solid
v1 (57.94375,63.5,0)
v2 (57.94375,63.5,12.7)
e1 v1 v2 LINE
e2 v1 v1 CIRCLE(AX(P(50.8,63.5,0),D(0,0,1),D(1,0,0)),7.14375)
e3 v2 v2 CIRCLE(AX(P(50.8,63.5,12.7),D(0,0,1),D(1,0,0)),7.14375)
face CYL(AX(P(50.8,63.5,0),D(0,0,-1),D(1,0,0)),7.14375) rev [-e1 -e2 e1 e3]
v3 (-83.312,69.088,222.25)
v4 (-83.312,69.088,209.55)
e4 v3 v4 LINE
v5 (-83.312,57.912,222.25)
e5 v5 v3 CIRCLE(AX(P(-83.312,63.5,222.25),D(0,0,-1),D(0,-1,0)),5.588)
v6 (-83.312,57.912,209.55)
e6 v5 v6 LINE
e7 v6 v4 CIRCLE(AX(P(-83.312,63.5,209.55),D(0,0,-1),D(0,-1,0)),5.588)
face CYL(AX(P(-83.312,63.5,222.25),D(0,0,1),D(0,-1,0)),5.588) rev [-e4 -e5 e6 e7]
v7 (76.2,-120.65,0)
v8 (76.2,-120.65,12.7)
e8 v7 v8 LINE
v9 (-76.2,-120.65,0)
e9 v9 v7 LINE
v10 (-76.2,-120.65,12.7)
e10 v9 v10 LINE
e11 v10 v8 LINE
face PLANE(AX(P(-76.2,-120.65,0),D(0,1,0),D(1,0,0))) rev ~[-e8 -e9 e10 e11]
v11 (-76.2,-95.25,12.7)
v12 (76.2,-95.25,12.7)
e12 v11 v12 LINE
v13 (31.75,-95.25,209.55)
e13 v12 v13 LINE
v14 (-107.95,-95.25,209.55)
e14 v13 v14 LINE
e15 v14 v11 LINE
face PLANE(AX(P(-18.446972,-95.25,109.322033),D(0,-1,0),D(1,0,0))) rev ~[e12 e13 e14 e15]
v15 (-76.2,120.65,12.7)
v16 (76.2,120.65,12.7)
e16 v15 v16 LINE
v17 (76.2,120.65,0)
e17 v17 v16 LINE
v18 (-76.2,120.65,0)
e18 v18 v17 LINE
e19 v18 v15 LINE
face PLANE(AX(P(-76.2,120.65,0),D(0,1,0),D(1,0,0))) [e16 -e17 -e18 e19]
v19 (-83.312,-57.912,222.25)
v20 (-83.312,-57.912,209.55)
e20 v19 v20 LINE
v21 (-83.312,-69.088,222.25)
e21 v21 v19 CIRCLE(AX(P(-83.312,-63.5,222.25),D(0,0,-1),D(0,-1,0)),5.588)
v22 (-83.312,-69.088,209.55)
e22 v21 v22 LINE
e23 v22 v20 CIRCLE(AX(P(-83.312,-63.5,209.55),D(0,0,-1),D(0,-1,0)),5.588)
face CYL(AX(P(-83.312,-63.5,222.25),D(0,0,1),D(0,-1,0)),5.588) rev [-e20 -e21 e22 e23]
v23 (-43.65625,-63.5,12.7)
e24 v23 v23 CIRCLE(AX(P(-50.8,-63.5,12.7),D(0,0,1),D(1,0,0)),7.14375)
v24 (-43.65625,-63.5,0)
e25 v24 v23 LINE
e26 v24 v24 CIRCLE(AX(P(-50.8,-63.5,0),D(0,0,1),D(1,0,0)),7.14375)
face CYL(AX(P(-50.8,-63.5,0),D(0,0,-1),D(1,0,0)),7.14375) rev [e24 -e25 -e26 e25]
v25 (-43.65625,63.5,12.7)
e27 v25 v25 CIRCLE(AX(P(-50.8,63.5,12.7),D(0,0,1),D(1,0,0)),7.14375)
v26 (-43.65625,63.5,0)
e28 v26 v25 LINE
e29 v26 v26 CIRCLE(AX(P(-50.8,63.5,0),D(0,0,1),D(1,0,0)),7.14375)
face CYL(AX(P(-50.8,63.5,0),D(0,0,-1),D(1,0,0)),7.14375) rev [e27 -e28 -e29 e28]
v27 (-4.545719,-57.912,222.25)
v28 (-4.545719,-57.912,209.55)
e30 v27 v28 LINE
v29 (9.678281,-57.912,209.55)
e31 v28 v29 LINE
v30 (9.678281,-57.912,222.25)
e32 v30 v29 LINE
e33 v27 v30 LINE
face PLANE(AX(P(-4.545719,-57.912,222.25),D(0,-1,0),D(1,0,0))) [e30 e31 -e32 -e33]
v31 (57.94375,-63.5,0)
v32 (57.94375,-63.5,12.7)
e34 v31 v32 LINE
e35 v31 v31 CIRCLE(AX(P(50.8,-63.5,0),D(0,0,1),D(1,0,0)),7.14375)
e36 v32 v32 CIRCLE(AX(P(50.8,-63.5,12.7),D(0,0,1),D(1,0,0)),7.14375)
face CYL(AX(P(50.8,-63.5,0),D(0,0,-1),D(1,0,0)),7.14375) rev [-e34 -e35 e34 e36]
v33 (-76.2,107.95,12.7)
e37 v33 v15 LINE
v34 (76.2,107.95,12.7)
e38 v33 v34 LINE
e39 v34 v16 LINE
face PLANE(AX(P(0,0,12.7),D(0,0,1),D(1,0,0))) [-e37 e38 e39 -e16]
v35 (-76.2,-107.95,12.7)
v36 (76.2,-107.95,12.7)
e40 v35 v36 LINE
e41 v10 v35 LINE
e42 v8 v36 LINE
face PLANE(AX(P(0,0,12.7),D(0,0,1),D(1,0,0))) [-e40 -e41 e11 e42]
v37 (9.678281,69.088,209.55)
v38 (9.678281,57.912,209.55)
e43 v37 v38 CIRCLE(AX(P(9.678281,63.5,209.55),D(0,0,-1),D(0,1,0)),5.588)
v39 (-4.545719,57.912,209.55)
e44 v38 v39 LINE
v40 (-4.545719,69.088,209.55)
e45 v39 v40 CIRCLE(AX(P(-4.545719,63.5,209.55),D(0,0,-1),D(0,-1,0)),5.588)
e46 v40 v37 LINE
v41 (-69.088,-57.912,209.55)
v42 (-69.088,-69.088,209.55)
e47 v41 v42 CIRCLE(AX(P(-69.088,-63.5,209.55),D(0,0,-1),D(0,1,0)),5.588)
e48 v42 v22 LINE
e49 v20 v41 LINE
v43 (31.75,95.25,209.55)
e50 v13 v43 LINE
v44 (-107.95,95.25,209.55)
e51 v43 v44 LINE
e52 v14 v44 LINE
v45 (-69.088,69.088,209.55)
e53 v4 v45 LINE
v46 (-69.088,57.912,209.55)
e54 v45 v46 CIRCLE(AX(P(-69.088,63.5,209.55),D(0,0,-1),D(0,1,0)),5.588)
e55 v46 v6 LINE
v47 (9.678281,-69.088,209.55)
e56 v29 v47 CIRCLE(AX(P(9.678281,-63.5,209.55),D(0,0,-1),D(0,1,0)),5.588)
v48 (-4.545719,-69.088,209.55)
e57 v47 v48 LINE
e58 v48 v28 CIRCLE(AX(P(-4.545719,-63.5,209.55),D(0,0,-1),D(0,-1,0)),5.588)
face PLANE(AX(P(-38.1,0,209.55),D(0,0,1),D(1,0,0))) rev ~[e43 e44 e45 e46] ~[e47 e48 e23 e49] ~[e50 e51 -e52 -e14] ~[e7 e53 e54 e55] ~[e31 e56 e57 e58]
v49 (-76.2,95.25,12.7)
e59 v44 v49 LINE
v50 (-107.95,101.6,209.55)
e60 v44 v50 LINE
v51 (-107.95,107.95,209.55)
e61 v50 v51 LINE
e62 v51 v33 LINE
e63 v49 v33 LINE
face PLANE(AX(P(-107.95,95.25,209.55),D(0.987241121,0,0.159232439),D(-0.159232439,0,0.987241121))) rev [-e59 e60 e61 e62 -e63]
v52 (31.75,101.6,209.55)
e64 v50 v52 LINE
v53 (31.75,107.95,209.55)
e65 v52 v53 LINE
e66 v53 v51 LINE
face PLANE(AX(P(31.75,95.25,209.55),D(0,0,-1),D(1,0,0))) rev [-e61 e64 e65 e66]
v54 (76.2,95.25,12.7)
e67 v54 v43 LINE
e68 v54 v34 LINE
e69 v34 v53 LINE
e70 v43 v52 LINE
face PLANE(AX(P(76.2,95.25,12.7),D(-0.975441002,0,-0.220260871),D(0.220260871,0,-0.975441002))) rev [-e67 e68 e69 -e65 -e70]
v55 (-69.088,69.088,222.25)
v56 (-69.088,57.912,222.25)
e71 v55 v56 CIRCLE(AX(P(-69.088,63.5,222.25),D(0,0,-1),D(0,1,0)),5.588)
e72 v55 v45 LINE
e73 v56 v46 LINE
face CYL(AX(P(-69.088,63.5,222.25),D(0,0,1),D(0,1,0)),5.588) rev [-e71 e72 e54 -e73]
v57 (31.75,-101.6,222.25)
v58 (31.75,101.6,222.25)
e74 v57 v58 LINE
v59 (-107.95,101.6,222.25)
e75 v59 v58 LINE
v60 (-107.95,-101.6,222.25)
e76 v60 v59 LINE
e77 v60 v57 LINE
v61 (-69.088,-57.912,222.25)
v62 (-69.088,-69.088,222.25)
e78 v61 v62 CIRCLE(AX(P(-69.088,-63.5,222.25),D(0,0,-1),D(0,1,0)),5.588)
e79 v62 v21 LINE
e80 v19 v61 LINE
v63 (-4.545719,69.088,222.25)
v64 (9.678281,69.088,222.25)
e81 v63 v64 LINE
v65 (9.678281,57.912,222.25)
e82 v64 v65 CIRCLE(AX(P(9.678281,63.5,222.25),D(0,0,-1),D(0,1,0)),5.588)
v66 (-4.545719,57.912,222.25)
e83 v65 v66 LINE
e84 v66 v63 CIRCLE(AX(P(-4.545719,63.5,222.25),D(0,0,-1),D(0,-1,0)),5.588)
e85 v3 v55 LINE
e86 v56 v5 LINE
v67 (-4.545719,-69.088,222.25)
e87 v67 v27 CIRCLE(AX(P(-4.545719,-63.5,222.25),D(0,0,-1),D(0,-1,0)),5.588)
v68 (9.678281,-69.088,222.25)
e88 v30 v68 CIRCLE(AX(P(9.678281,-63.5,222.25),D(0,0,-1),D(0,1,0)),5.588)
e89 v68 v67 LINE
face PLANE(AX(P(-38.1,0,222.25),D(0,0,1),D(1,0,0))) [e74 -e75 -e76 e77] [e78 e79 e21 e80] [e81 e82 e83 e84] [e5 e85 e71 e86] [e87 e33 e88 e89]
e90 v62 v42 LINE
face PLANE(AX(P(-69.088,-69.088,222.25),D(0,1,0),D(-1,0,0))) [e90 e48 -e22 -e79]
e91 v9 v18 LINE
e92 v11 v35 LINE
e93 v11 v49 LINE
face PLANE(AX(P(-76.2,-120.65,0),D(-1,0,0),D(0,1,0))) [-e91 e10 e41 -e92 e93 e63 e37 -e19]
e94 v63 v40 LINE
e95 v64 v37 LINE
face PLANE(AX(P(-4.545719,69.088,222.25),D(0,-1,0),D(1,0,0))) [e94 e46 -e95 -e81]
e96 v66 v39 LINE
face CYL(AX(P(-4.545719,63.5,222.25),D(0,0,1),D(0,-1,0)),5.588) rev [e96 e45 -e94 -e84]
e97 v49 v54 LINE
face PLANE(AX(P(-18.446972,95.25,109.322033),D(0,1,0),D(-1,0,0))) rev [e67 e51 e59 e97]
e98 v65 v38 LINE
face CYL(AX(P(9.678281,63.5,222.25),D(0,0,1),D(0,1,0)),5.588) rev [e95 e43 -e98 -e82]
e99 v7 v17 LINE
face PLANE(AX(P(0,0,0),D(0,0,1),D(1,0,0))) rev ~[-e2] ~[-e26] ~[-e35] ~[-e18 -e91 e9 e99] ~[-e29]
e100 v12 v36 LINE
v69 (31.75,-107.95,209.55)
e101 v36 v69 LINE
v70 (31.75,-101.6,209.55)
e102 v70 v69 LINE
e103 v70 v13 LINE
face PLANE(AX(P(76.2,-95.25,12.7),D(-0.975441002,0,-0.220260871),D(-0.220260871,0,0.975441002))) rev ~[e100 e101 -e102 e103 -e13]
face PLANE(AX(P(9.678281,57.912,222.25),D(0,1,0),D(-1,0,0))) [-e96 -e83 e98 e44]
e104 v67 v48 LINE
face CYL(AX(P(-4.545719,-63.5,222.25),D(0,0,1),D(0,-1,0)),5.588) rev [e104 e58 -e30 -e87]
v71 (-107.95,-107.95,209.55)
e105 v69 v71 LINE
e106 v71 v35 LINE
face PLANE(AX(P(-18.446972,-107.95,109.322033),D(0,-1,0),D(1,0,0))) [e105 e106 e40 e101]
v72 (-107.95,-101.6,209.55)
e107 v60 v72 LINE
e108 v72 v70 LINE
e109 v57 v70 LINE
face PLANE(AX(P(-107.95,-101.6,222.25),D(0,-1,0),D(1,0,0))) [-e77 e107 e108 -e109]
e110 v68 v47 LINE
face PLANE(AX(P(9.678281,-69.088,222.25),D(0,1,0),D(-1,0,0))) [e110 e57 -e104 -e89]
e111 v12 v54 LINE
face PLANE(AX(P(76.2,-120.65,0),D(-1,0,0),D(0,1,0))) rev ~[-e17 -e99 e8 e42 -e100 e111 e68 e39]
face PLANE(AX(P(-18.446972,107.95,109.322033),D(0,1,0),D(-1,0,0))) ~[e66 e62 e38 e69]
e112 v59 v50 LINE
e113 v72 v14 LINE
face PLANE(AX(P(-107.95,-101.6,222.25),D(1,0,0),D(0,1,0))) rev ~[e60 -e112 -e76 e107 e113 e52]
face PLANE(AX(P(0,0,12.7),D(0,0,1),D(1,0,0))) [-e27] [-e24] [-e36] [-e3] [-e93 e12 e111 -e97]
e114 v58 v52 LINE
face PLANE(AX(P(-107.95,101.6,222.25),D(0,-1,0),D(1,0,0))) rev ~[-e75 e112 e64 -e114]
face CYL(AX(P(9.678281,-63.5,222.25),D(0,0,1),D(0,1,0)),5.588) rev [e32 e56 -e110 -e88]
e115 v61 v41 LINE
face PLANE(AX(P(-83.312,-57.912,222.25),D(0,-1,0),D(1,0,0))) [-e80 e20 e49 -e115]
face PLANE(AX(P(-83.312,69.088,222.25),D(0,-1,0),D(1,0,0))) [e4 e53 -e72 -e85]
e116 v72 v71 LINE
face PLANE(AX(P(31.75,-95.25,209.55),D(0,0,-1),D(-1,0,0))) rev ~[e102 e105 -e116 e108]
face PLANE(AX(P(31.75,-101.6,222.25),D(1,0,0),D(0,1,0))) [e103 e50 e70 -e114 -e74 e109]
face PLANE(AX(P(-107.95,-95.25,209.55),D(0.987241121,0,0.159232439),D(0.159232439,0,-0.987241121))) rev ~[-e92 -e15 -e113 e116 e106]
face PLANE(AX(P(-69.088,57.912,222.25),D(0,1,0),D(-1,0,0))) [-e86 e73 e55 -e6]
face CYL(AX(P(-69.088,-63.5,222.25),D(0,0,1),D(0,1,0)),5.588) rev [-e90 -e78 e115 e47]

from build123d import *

# Parameters (mm, degrees)
F0_W     = 152.4
F0_H     = 241.3
F0_R     = 7.14375
F1_DEPTH = 12.7
F3_W     = 139.7
F3_H     = 203.2
F4_DEPTH = 12.7
F7_DEPTH = 12.7


with BuildPart() as f1:
    # F0 (on Top) → F1 (new body)
    with BuildSketch(Plane.XY):
        Rectangle(F0_W, F0_H)
        with Locations((-50.8, -63.5)):
            Circle(F0_R, mode=Mode.SUBTRACT)
        with Locations((50.8, -63.5)):
            Circle(F0_R, mode=Mode.SUBTRACT)
        with Locations((-50.8, 63.5)):
            Circle(F0_R, mode=Mode.SUBTRACT)
        with Locations((50.8, 63.5)):
            Circle(F0_R, mode=Mode.SUBTRACT)
    extrude(amount=F1_DEPTH)



with BuildPart() as f4:
    # F3 (on offset) → F4 (new body)
    with BuildSketch(Plane.XY.offset(222.25)):
        with Locations((-38.1, 0)):
            Rectangle(F3_W, F3_H)
        with BuildLine():
            ThreePointArc((-83.312, -69.088), (-88.9, -63.5), (-83.312, -57.912))
            Line((-83.312, -57.912), (-69.088, -57.912))
            ThreePointArc((-69.088, -57.912), (-63.5, -63.5), (-69.088, -69.088))
            Line((-69.088, -69.088), (-83.312, -69.088))
        make_face(mode=Mode.SUBTRACT)
        with BuildLine():
            ThreePointArc((-4.5457187648, -69.088), (-10.1337187648, -63.5), (-4.5457187648, -57.912))
            Line((-4.5457187648, -57.912), (9.6782812352, -57.912))
            ThreePointArc((9.6782812352, -57.912), (15.2662812352, -63.5), (9.6782812352, -69.088))
            Line((9.6782812352, -69.088), (-4.5457187648, -69.088))
        make_face(mode=Mode.SUBTRACT)
        with BuildLine():
            Line((-69.088, 57.912), (-83.312, 57.912))
            ThreePointArc((-83.312, 57.912), (-88.9, 63.5), (-83.312, 69.088))
            Line((-83.312, 69.088), (-69.088, 69.088))
            ThreePointArc((-69.088, 69.088), (-63.5, 63.5), (-69.088, 57.912))
        make_face(mode=Mode.SUBTRACT)
        with BuildLine():
            Line((9.6782812352, 57.912), (-4.5457187648, 57.912))
            ThreePointArc((-4.5457187648, 57.912), (-10.1337187648, 63.5), (-4.5457187648, 69.088))
            Line((-4.5457187648, 69.088), (9.6782812352, 69.088))
            ThreePointArc((9.6782812352, 69.088), (15.2662812352, 63.5), (9.6782812352, 57.912))
        make_face(mode=Mode.SUBTRACT)
    extrude(amount=-F4_DEPTH)


with BuildPart() as f1_1:
    add(f1.part)

    add(f4.part)  # F7 merges F4
    # F6 (on offset) → F7 (join)
    with BuildSketch(Plane.XZ.offset(95.25)):
        Polygon((31.75, 209.55), (-107.95, 209.55), (-76.2, 12.7), (76.2, 12.7), align=None)
    extrude(amount=F7_DEPTH)

    # F8: F1 across plane


with BuildPart() as f1_2:
    add(f1_1.part)
    add(f1_1.part.mirror(Plane.XZ))


solid = f1_2.part
